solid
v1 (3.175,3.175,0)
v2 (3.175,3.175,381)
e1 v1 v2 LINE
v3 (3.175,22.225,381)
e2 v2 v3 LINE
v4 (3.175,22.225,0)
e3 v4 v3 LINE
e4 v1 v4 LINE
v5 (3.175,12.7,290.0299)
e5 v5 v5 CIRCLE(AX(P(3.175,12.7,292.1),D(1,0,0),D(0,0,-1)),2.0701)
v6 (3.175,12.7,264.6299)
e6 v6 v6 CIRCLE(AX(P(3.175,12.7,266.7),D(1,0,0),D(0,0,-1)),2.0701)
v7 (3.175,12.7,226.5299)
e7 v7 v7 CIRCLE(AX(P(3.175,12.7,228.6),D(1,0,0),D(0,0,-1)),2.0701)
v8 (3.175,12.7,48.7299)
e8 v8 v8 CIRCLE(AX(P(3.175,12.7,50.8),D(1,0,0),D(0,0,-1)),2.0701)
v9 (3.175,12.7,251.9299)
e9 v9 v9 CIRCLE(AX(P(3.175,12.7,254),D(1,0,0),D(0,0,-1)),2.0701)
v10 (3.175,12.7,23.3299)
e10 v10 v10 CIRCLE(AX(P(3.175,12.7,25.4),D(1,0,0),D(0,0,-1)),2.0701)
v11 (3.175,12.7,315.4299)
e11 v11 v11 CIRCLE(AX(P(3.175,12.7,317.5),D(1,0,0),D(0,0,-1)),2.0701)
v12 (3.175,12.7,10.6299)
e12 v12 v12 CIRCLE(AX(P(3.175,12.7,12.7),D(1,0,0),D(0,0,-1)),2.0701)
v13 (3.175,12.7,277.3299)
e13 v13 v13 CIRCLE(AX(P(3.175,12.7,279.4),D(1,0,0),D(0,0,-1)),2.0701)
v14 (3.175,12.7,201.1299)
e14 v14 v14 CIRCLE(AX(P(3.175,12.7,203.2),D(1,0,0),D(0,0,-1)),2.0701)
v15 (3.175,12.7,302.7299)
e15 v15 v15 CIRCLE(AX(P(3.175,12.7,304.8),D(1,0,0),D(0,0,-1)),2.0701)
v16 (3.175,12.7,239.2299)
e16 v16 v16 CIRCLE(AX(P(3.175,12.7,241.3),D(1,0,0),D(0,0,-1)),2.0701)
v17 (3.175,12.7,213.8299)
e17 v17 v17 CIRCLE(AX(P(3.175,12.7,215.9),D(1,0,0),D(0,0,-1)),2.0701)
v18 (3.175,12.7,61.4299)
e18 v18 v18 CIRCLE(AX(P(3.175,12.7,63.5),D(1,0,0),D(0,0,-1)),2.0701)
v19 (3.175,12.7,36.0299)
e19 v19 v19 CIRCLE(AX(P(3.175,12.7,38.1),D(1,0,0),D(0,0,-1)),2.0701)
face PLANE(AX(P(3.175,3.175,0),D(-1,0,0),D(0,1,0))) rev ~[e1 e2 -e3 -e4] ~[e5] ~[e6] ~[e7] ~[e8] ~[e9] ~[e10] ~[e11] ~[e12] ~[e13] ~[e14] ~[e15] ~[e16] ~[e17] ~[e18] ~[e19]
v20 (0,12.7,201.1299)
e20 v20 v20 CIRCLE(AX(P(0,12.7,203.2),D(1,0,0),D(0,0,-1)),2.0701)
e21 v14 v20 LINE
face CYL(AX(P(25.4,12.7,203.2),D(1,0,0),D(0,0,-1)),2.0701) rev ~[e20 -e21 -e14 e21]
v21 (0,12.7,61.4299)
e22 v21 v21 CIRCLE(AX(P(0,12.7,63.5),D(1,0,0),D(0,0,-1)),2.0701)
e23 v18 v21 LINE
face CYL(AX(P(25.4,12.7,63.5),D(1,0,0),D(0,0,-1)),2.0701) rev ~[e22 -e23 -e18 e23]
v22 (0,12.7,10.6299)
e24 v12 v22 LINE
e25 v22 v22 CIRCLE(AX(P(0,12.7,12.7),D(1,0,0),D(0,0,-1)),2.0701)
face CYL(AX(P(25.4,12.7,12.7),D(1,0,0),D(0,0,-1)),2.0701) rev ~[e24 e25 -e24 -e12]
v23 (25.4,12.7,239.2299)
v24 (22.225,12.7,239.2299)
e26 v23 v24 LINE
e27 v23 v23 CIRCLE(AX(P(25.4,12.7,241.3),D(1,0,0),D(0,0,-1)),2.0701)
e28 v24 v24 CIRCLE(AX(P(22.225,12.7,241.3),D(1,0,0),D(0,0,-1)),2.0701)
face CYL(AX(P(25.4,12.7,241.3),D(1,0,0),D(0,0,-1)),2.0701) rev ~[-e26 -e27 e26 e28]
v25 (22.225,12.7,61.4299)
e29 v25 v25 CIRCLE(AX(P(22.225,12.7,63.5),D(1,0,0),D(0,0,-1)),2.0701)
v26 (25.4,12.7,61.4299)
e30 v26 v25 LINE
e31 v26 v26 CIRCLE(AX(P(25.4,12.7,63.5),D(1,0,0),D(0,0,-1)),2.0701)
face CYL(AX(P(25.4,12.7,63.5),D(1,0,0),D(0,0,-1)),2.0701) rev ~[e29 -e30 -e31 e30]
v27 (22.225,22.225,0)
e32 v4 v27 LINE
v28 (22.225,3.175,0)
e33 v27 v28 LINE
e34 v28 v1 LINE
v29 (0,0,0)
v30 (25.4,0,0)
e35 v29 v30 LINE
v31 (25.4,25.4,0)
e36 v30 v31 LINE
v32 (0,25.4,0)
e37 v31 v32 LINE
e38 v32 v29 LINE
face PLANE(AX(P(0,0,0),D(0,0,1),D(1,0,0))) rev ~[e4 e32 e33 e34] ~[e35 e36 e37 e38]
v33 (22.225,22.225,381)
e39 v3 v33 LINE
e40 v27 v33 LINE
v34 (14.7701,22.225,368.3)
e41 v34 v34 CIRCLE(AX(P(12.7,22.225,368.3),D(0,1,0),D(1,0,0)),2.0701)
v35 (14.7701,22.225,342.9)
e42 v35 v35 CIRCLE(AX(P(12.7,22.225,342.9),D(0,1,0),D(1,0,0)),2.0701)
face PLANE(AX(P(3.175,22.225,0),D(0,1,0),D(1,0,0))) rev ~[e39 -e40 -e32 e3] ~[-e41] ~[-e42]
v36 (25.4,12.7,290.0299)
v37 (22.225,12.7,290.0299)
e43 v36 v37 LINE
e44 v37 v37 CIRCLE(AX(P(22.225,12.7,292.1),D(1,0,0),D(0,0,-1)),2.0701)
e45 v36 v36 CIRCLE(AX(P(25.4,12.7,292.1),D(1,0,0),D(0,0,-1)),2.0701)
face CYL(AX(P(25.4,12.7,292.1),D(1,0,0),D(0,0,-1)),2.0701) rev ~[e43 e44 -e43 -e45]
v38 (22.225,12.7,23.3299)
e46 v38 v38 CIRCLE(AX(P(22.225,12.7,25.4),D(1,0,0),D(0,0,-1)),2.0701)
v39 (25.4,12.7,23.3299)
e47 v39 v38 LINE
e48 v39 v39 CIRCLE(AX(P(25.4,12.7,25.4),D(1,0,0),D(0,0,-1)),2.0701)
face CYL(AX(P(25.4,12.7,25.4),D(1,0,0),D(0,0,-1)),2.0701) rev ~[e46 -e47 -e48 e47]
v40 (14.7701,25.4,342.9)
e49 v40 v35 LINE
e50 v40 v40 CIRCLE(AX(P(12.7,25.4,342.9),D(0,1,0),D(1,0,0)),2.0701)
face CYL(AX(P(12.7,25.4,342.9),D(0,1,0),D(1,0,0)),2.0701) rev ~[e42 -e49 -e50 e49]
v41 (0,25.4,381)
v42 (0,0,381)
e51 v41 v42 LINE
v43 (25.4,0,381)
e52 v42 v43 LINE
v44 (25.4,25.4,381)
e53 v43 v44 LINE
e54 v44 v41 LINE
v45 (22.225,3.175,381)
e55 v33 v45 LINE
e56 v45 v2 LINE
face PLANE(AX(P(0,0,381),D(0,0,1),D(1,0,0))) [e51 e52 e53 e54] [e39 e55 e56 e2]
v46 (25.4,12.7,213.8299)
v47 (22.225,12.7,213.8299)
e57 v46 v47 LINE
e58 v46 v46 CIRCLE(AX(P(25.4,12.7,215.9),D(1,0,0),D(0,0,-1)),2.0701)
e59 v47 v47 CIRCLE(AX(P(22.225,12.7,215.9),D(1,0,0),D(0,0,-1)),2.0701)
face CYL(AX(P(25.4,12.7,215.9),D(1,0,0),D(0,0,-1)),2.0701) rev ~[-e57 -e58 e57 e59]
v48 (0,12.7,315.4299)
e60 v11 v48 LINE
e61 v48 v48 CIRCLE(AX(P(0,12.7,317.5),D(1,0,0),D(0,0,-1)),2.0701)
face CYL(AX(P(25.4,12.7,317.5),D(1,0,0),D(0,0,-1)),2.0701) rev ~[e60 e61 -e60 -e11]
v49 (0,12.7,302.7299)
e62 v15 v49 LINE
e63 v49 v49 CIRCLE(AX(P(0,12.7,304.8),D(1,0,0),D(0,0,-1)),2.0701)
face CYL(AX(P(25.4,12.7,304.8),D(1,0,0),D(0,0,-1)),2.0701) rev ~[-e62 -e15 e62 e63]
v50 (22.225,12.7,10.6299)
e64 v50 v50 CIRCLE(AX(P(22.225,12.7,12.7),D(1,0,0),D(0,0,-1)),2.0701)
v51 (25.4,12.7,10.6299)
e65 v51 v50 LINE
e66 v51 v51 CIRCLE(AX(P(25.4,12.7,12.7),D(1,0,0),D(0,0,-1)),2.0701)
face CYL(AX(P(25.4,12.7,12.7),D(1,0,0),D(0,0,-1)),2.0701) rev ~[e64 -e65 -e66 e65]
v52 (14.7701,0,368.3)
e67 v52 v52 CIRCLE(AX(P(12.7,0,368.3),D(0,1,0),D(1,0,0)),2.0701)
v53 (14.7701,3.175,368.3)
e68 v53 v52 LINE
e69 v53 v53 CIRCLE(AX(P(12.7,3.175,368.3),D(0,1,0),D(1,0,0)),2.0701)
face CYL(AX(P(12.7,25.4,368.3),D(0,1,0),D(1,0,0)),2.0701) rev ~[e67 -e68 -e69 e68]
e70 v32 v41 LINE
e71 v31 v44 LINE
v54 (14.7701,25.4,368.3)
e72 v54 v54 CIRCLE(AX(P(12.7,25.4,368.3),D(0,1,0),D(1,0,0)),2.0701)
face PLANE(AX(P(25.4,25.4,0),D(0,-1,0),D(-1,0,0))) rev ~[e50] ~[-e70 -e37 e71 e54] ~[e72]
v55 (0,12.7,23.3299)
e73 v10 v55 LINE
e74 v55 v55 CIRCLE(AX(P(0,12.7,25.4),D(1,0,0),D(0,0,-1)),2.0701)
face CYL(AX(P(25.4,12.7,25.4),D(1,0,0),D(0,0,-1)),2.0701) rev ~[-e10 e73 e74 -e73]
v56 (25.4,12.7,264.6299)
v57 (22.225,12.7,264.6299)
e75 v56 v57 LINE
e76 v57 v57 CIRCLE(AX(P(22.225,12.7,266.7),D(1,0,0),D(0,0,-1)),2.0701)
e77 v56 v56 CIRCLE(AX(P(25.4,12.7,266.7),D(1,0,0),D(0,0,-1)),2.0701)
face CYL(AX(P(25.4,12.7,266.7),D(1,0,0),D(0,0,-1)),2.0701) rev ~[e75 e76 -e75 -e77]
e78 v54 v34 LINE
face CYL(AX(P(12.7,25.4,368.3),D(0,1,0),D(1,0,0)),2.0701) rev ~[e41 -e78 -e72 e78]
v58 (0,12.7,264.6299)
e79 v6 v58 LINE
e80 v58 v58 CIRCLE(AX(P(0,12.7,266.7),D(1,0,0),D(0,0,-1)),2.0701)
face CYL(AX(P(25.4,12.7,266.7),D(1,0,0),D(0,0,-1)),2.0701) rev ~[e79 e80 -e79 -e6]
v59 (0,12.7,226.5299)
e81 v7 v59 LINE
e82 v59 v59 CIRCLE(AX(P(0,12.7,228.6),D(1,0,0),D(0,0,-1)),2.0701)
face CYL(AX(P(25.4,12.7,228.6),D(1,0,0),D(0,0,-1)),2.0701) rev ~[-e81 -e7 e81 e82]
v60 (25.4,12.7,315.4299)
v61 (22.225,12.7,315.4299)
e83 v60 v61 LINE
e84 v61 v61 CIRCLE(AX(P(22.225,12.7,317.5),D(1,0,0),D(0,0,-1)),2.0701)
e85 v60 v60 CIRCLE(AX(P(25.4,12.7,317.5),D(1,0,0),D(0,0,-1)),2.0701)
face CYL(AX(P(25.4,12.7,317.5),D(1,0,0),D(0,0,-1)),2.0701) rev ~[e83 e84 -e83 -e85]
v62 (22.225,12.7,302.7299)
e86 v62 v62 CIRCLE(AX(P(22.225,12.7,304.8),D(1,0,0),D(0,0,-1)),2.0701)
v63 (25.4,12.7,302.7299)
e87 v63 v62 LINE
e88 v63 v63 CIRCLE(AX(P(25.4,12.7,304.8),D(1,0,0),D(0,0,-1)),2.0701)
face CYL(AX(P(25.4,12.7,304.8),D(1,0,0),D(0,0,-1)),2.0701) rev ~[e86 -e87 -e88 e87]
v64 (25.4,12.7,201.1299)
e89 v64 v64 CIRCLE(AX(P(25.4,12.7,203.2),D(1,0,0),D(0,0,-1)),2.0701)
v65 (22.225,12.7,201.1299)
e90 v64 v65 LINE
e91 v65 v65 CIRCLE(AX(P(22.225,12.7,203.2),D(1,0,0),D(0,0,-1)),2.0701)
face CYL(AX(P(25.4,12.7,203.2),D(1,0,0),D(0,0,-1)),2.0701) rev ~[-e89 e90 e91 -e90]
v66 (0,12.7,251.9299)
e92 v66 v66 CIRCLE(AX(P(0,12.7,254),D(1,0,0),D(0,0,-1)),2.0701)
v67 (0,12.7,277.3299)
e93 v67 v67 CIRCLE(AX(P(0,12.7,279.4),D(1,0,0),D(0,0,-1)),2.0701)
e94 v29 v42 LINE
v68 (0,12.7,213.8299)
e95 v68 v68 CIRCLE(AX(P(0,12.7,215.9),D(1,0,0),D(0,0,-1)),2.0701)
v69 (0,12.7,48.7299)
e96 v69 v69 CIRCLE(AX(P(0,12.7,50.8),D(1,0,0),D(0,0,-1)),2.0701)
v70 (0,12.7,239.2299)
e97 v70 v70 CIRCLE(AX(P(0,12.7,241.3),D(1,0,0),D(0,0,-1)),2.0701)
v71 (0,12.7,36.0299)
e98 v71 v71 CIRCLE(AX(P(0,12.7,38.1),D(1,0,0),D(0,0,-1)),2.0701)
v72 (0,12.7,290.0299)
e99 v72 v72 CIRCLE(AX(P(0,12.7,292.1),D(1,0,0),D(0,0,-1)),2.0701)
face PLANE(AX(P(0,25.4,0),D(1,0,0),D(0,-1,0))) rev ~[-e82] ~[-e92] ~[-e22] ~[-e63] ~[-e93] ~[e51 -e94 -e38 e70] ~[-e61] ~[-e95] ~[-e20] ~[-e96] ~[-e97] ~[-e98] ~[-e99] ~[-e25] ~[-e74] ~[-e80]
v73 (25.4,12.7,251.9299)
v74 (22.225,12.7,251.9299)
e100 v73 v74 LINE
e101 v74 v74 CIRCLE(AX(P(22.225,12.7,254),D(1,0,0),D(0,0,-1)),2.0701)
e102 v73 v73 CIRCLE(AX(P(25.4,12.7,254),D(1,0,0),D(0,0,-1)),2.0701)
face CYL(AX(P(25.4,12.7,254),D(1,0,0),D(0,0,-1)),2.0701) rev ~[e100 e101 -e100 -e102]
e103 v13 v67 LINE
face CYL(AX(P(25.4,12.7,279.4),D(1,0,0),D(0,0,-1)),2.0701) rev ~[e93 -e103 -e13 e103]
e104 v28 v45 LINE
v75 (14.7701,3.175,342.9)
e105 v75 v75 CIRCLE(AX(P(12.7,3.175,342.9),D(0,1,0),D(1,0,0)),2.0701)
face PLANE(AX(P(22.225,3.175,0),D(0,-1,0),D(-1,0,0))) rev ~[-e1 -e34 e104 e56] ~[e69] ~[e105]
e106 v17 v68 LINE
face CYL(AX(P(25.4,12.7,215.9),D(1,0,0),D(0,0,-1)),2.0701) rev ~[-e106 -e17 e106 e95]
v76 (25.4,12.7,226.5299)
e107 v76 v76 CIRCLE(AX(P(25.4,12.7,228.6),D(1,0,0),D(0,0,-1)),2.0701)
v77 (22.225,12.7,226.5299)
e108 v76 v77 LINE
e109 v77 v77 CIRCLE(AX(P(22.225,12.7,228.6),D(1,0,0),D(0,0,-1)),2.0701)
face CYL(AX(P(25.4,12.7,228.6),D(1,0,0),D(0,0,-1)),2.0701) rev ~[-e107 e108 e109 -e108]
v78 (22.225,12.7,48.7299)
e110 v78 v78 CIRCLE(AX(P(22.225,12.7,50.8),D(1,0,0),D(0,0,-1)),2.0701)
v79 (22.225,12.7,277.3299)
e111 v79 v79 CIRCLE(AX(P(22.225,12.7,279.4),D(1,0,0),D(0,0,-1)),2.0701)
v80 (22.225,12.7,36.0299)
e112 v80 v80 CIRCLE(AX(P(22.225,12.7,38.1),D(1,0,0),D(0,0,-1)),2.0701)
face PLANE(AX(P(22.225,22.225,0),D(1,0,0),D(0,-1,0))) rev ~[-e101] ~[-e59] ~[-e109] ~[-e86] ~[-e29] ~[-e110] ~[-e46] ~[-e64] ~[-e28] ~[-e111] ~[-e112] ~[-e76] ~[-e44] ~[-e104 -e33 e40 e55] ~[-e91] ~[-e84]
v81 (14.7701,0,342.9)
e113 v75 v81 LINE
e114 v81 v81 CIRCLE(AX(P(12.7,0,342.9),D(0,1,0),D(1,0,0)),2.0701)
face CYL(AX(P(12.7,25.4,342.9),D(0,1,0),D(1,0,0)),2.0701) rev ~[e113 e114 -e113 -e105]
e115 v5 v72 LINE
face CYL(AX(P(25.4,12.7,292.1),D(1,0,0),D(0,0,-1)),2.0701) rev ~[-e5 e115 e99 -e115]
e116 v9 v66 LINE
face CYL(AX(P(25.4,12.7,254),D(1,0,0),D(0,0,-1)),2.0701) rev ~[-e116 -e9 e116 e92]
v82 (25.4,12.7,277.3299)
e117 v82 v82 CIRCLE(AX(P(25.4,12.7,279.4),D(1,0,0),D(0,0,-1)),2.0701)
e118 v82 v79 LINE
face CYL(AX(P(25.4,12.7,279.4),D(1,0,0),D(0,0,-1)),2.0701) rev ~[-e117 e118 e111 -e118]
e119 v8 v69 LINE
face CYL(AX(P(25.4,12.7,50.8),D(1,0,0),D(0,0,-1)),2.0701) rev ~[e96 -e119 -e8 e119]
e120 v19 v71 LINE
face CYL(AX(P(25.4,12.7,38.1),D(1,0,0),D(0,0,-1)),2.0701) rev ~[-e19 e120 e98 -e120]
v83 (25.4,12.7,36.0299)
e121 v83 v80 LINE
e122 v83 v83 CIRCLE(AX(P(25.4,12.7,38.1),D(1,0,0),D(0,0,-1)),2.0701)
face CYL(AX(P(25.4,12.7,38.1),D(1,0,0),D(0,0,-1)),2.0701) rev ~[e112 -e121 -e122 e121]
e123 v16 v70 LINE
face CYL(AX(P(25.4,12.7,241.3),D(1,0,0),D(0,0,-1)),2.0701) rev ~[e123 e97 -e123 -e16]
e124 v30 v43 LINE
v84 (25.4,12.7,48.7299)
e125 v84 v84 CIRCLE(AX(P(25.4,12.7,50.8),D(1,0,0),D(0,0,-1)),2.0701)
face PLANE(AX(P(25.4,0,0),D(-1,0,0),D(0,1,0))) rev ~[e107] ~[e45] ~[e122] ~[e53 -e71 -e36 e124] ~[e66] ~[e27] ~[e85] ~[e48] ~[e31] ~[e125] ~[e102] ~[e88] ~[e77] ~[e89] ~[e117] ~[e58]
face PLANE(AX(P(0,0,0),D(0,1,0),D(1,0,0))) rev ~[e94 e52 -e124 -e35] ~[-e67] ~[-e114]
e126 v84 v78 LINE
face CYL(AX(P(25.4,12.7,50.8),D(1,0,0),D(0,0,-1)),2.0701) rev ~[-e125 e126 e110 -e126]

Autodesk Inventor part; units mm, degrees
ref_plane "YZ Plane" through (0, 0, 0) normal (1, 0, 0) x (0, 1, 0)
ref_plane "XZ Plane" through (0, 0, 0) normal (0, 1, 0) x (-1, 0, 0)
ref_plane "XY Plane" through (0, 0, 0) normal (0, 0, 1) x (1, 0, 0)
sketch "Sketch1" plane through (0, 0, 0) normal (0, 0, 1) x (1, 0, 0)
  line L0 (0, 0) -> (25.4, 0)
  line L1 (25.4, 0) -> (25.4, 25.4)
  line L2 (25.4, 25.4) -> (0, 25.4)
  line L3 (0, 25.4) -> (0, 0)
  line L4 (3.175, 22.225) -> (22.225, 22.225)
  line L5 (22.225, 22.225) -> (22.225, 3.175)
  line L6 (22.225, 3.175) -> (3.175, 3.175)
  line L7 (3.175, 3.175) -> (3.175, 22.225)
  dimension "d0" = 25.4
  dimension "d1" = 25.4
  dimension "d2" = 3.175
extrude "Extrusion1" add sketch "Sketch1" along normal blind 381
sketch "Sketch2" plane through (25.4, 0, 0) normal (1, 0, 0) x (0, 0, -1)
  line L0 (0, 0) -> (0, 25.4) projected
  line L1 (-381, 0) -> (-381, 25.4) projected
  line L2 (0, 0) -> (-381, 0) projected
  circle A0 centre (-317.5, 12.7) radius 2.0701
  circle A1 centre (-304.8, 12.7) radius 2.0701
  circle A2 centre (-292.1, 12.7) radius 2.0701
  circle A3 centre (-279.4, 12.7) radius 2.0701
  circle A4 centre (-266.7, 12.7) radius 2.0701
  circle A5 centre (-254, 12.7) radius 2.0701
  circle A6 centre (-241.3, 12.7) radius 2.0701
  circle A7 centre (-228.6, 12.7) radius 2.0701
  circle A8 centre (-215.9, 12.7) radius 2.0701
  circle A9 centre (-203.2, 12.7) radius 2.0701
  circle A10 centre (-12.7, 12.7) radius 2.0701
  circle A11 centre (-25.4, 12.7) radius 2.0701
  circle A12 centre (-38.1, 12.7) radius 2.0701
  circle A13 centre (-50.8, 12.7) radius 2.0701
  circle A14 centre (-63.5, 12.7) radius 2.0701
  dimension "d5" = 4.1402
  dimension "d6" = 12.7
  dimension "d7" = 63.5
  dimension "d10" = 12.7
  dimension "d15" = 12.7
  dimension "d16" = 12.7
  dimension "d19" = 12.7
extrude "Extrusion2" cut sketch "Sketch2" against normal blind 381
sketch "Sketch3" plane through (0, 25.4, 0) normal (0, 1, 0) x (1, 0, 0)
  line L0 (0, 0) -> (0, -381) projected
  line L1 (25.4, -381) -> (0, -381) projected
  circle A0 centre (12.7, -368.3) radius 2.0701
  circle A1 centre (12.7, -342.9) radius 2.0701
  dimension "d26" = 4.1402
  dimension "d27" = 12.7
  dimension "d28" = 12.7
  dimension "d31" = 25.4
extrude "Extrusion3" cut sketch "Sketch3" against normal blind 381
equation "\"BendRadius\" = Thickness"
equation "\"BendReliefWidth\" = Thickness"
equation "\"BendReliefDepth\" = 0.5 * Thickness"
equation "\"CornerReliefSize\" = 4 * Thickness"
equation "\"MinimumRemnant\" = 2 * Thickness"
equation "\"TransitionRadius\" = BendRadius"
equation "\"JacobiRadiusSize\" = BendRadius"
equation "\"GapSize\" = Thickness"
equation "\"Thickness\" = 3.048"
properties part number "Clapper 15 in Segment (4)"
